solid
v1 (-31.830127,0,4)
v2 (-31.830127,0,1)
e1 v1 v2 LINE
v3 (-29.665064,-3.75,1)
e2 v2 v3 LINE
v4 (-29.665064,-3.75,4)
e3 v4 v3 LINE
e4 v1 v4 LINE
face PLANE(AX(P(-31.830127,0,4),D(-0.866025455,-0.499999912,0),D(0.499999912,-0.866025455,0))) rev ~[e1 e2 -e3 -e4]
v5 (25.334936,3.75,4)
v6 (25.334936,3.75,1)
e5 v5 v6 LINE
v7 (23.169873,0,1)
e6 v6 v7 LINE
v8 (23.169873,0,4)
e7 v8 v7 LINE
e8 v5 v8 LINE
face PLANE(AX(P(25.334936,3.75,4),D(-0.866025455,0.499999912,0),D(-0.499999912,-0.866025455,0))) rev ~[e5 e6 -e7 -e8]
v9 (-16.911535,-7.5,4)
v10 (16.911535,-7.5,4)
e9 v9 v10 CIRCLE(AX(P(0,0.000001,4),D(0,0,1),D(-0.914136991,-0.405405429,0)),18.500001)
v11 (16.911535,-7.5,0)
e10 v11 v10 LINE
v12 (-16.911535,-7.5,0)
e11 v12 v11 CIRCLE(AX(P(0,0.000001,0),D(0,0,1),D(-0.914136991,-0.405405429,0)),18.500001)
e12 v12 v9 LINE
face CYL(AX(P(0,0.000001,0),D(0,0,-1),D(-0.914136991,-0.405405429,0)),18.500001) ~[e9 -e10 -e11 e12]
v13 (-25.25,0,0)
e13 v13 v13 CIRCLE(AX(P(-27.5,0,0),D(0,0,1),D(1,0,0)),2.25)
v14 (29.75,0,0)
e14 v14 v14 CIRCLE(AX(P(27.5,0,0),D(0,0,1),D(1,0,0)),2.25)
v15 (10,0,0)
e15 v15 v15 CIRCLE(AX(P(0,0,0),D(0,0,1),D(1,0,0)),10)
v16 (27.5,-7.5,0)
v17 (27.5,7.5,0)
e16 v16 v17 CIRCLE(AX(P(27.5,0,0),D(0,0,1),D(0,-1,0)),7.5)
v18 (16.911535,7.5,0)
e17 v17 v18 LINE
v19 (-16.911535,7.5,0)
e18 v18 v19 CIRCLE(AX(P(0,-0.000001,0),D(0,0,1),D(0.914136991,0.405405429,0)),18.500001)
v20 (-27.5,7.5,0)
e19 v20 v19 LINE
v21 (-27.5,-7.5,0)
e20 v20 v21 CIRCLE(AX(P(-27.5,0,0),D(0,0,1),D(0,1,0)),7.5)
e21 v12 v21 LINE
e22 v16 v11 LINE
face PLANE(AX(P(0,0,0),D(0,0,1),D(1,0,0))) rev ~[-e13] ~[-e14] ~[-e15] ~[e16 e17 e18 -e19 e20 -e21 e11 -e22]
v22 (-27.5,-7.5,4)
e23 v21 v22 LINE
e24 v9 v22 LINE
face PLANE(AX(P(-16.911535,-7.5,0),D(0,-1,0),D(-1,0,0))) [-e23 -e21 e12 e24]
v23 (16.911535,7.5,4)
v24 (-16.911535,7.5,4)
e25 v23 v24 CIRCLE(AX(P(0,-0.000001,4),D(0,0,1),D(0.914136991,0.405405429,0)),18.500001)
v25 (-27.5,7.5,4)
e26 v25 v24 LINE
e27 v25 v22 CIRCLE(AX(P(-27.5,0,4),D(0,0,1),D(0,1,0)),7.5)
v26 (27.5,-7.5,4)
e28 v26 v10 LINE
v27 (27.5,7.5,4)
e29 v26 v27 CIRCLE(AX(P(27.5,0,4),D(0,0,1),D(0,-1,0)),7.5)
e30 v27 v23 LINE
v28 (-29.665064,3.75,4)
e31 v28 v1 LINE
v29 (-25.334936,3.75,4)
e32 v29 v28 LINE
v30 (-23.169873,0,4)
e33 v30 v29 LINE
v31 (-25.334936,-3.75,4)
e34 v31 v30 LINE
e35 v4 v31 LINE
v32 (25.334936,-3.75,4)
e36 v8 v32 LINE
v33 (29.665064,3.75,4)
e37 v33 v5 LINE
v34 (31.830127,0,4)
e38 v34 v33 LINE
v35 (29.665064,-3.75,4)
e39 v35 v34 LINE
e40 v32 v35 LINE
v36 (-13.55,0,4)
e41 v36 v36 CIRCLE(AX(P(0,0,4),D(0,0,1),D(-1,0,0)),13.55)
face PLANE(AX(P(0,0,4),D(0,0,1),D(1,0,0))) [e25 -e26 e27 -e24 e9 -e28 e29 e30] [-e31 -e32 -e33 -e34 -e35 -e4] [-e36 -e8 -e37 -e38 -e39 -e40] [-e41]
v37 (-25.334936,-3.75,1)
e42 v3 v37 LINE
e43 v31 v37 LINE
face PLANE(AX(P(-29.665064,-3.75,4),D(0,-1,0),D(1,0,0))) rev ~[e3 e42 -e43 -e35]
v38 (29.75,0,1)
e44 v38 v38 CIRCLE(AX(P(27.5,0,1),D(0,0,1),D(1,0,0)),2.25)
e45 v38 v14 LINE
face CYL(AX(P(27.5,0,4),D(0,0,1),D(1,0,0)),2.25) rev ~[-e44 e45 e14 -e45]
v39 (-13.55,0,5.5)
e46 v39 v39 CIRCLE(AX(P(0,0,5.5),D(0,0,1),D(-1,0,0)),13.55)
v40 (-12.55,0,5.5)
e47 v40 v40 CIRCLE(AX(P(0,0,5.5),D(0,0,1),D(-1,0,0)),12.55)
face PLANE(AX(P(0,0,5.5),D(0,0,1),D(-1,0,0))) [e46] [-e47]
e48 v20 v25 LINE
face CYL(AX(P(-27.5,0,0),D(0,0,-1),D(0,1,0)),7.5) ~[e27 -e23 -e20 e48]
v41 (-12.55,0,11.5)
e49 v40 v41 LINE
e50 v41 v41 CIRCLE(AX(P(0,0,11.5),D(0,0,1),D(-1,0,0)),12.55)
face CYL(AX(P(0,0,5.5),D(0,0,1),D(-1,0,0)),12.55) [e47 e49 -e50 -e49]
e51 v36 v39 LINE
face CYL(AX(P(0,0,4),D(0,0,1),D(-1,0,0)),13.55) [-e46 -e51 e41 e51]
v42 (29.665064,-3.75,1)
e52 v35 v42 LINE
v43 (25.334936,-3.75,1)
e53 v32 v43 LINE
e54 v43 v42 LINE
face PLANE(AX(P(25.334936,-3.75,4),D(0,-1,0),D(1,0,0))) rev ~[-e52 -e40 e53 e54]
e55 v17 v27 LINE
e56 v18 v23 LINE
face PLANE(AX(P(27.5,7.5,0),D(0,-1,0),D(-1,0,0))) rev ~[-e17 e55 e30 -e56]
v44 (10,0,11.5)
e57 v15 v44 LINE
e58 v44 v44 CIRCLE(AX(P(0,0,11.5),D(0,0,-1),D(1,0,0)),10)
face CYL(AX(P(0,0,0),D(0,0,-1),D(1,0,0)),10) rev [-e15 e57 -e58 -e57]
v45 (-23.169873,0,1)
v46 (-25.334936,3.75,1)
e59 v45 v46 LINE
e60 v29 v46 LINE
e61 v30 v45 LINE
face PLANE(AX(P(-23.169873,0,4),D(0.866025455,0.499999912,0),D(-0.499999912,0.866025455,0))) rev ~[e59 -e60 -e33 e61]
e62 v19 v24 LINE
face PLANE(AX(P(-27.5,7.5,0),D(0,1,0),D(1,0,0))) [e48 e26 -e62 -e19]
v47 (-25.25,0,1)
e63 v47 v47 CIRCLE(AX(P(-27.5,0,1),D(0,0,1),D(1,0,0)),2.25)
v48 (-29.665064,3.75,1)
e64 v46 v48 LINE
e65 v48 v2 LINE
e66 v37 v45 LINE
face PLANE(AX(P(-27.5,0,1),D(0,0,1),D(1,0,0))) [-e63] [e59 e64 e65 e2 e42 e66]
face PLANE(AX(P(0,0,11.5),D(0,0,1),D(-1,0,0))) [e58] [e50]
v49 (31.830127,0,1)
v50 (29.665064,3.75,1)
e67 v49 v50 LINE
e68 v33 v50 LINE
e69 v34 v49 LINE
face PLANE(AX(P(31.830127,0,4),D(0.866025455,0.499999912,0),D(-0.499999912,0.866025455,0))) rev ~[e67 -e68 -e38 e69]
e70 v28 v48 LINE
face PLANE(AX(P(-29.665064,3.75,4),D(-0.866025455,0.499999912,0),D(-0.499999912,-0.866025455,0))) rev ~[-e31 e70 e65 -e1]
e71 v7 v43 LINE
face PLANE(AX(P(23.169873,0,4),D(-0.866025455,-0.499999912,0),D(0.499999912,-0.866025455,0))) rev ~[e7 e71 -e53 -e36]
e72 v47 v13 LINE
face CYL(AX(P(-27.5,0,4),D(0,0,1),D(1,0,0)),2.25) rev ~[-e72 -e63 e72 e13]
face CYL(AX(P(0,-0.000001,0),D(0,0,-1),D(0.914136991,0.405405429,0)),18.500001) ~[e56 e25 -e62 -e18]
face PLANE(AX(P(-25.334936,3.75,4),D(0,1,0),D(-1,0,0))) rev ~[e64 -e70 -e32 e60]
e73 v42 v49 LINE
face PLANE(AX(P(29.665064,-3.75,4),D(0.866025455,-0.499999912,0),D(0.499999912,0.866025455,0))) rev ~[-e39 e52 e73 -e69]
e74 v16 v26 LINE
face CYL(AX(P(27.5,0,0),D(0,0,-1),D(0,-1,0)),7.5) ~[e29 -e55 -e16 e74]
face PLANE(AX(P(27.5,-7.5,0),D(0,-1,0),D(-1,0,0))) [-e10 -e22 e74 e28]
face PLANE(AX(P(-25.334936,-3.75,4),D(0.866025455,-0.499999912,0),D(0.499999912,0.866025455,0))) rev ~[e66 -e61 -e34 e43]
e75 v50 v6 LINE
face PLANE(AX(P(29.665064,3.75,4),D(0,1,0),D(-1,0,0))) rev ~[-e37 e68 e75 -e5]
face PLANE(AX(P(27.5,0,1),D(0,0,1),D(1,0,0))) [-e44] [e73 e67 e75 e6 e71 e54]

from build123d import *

# Parameters (mm, degrees)
PAD_DEPTH       = 4
SKETCH001_R     = 2.25
HOLE_DEPTH      = 4.001
POCKET001_DEPTH = 3
SKETCH002_R     = 10
POCKET_DEPTH    = 11.501


with BuildPart() as part:
    # Sketch → Pad (new body)
    with BuildSketch(Plane.XY):
        with BuildLine():
            ThreePointArc((-27.5, 7.5), (-35, 0), (-27.5, -7.5))
            Line((-16.911535, -7.5), (-27.5, -7.5))
            ThreePointArc((-16.911535, -7.5), (0, -18.5), (16.911535, -7.5))
            Line((27.5, -7.5), (16.911535, -7.5))
            ThreePointArc((27.5, -7.5), (35, 0), (27.5, 7.5))
            Line((27.5, 7.5), (16.911535, 7.5))
            ThreePointArc((16.911535, 7.5), (0, 18.5), (-16.911535, 7.5))
            Line((-27.5, 7.5), (-16.911535, 7.5))
        make_face()
    extrude(amount=PAD_DEPTH)

    # Sketch001 (on DatumPlane) → Hole (cut, through all)
    with BuildSketch(Plane.XY.offset(4)):
        with Locations((-27.5, 0)):
            Circle(SKETCH001_R)
        with Locations((27.5, 0)):
            Circle(SKETCH001_R)
    extrude(amount=-HOLE_DEPTH, mode=Mode.SUBTRACT)

    # Sketch003 → Revolution (revolve)
    with BuildSketch(Plane.XZ):
        Polygon((0, 4), (-13.55, 4), (-13.55, 5.5), (-12.55, 5.5), (-12.55, 11.5), (0, 11.5), align=None)
    revolve(axis=Axis((0, 0, 0), (0, 0, 1)))

    # Sketch004 (on DatumPlane) → Pocket001 (cut)
    with BuildSketch(Plane.XY.offset(4)):
        Polygon((-23.169873, 0), (-25.334936, 3.75), (-29.665064, 3.75), (-31.830127, 0), (-29.665064, -3.75), (-25.334936, -3.75), align=None)
        Polygon((31.830127, 0), (29.665064, 3.75), (25.334936, 3.75), (23.169873, 0), (25.334936, -3.75), (29.665064, -3.75), align=None)
    extrude(amount=-POCKET001_DEPTH, mode=Mode.SUBTRACT)

    # Sketch002 → Pocket (cut, through all)
    with BuildSketch(Plane.XY):
        Circle(SKETCH002_R)
    extrude(amount=POCKET_DEPTH, mode=Mode.SUBTRACT)


solid = part.part
